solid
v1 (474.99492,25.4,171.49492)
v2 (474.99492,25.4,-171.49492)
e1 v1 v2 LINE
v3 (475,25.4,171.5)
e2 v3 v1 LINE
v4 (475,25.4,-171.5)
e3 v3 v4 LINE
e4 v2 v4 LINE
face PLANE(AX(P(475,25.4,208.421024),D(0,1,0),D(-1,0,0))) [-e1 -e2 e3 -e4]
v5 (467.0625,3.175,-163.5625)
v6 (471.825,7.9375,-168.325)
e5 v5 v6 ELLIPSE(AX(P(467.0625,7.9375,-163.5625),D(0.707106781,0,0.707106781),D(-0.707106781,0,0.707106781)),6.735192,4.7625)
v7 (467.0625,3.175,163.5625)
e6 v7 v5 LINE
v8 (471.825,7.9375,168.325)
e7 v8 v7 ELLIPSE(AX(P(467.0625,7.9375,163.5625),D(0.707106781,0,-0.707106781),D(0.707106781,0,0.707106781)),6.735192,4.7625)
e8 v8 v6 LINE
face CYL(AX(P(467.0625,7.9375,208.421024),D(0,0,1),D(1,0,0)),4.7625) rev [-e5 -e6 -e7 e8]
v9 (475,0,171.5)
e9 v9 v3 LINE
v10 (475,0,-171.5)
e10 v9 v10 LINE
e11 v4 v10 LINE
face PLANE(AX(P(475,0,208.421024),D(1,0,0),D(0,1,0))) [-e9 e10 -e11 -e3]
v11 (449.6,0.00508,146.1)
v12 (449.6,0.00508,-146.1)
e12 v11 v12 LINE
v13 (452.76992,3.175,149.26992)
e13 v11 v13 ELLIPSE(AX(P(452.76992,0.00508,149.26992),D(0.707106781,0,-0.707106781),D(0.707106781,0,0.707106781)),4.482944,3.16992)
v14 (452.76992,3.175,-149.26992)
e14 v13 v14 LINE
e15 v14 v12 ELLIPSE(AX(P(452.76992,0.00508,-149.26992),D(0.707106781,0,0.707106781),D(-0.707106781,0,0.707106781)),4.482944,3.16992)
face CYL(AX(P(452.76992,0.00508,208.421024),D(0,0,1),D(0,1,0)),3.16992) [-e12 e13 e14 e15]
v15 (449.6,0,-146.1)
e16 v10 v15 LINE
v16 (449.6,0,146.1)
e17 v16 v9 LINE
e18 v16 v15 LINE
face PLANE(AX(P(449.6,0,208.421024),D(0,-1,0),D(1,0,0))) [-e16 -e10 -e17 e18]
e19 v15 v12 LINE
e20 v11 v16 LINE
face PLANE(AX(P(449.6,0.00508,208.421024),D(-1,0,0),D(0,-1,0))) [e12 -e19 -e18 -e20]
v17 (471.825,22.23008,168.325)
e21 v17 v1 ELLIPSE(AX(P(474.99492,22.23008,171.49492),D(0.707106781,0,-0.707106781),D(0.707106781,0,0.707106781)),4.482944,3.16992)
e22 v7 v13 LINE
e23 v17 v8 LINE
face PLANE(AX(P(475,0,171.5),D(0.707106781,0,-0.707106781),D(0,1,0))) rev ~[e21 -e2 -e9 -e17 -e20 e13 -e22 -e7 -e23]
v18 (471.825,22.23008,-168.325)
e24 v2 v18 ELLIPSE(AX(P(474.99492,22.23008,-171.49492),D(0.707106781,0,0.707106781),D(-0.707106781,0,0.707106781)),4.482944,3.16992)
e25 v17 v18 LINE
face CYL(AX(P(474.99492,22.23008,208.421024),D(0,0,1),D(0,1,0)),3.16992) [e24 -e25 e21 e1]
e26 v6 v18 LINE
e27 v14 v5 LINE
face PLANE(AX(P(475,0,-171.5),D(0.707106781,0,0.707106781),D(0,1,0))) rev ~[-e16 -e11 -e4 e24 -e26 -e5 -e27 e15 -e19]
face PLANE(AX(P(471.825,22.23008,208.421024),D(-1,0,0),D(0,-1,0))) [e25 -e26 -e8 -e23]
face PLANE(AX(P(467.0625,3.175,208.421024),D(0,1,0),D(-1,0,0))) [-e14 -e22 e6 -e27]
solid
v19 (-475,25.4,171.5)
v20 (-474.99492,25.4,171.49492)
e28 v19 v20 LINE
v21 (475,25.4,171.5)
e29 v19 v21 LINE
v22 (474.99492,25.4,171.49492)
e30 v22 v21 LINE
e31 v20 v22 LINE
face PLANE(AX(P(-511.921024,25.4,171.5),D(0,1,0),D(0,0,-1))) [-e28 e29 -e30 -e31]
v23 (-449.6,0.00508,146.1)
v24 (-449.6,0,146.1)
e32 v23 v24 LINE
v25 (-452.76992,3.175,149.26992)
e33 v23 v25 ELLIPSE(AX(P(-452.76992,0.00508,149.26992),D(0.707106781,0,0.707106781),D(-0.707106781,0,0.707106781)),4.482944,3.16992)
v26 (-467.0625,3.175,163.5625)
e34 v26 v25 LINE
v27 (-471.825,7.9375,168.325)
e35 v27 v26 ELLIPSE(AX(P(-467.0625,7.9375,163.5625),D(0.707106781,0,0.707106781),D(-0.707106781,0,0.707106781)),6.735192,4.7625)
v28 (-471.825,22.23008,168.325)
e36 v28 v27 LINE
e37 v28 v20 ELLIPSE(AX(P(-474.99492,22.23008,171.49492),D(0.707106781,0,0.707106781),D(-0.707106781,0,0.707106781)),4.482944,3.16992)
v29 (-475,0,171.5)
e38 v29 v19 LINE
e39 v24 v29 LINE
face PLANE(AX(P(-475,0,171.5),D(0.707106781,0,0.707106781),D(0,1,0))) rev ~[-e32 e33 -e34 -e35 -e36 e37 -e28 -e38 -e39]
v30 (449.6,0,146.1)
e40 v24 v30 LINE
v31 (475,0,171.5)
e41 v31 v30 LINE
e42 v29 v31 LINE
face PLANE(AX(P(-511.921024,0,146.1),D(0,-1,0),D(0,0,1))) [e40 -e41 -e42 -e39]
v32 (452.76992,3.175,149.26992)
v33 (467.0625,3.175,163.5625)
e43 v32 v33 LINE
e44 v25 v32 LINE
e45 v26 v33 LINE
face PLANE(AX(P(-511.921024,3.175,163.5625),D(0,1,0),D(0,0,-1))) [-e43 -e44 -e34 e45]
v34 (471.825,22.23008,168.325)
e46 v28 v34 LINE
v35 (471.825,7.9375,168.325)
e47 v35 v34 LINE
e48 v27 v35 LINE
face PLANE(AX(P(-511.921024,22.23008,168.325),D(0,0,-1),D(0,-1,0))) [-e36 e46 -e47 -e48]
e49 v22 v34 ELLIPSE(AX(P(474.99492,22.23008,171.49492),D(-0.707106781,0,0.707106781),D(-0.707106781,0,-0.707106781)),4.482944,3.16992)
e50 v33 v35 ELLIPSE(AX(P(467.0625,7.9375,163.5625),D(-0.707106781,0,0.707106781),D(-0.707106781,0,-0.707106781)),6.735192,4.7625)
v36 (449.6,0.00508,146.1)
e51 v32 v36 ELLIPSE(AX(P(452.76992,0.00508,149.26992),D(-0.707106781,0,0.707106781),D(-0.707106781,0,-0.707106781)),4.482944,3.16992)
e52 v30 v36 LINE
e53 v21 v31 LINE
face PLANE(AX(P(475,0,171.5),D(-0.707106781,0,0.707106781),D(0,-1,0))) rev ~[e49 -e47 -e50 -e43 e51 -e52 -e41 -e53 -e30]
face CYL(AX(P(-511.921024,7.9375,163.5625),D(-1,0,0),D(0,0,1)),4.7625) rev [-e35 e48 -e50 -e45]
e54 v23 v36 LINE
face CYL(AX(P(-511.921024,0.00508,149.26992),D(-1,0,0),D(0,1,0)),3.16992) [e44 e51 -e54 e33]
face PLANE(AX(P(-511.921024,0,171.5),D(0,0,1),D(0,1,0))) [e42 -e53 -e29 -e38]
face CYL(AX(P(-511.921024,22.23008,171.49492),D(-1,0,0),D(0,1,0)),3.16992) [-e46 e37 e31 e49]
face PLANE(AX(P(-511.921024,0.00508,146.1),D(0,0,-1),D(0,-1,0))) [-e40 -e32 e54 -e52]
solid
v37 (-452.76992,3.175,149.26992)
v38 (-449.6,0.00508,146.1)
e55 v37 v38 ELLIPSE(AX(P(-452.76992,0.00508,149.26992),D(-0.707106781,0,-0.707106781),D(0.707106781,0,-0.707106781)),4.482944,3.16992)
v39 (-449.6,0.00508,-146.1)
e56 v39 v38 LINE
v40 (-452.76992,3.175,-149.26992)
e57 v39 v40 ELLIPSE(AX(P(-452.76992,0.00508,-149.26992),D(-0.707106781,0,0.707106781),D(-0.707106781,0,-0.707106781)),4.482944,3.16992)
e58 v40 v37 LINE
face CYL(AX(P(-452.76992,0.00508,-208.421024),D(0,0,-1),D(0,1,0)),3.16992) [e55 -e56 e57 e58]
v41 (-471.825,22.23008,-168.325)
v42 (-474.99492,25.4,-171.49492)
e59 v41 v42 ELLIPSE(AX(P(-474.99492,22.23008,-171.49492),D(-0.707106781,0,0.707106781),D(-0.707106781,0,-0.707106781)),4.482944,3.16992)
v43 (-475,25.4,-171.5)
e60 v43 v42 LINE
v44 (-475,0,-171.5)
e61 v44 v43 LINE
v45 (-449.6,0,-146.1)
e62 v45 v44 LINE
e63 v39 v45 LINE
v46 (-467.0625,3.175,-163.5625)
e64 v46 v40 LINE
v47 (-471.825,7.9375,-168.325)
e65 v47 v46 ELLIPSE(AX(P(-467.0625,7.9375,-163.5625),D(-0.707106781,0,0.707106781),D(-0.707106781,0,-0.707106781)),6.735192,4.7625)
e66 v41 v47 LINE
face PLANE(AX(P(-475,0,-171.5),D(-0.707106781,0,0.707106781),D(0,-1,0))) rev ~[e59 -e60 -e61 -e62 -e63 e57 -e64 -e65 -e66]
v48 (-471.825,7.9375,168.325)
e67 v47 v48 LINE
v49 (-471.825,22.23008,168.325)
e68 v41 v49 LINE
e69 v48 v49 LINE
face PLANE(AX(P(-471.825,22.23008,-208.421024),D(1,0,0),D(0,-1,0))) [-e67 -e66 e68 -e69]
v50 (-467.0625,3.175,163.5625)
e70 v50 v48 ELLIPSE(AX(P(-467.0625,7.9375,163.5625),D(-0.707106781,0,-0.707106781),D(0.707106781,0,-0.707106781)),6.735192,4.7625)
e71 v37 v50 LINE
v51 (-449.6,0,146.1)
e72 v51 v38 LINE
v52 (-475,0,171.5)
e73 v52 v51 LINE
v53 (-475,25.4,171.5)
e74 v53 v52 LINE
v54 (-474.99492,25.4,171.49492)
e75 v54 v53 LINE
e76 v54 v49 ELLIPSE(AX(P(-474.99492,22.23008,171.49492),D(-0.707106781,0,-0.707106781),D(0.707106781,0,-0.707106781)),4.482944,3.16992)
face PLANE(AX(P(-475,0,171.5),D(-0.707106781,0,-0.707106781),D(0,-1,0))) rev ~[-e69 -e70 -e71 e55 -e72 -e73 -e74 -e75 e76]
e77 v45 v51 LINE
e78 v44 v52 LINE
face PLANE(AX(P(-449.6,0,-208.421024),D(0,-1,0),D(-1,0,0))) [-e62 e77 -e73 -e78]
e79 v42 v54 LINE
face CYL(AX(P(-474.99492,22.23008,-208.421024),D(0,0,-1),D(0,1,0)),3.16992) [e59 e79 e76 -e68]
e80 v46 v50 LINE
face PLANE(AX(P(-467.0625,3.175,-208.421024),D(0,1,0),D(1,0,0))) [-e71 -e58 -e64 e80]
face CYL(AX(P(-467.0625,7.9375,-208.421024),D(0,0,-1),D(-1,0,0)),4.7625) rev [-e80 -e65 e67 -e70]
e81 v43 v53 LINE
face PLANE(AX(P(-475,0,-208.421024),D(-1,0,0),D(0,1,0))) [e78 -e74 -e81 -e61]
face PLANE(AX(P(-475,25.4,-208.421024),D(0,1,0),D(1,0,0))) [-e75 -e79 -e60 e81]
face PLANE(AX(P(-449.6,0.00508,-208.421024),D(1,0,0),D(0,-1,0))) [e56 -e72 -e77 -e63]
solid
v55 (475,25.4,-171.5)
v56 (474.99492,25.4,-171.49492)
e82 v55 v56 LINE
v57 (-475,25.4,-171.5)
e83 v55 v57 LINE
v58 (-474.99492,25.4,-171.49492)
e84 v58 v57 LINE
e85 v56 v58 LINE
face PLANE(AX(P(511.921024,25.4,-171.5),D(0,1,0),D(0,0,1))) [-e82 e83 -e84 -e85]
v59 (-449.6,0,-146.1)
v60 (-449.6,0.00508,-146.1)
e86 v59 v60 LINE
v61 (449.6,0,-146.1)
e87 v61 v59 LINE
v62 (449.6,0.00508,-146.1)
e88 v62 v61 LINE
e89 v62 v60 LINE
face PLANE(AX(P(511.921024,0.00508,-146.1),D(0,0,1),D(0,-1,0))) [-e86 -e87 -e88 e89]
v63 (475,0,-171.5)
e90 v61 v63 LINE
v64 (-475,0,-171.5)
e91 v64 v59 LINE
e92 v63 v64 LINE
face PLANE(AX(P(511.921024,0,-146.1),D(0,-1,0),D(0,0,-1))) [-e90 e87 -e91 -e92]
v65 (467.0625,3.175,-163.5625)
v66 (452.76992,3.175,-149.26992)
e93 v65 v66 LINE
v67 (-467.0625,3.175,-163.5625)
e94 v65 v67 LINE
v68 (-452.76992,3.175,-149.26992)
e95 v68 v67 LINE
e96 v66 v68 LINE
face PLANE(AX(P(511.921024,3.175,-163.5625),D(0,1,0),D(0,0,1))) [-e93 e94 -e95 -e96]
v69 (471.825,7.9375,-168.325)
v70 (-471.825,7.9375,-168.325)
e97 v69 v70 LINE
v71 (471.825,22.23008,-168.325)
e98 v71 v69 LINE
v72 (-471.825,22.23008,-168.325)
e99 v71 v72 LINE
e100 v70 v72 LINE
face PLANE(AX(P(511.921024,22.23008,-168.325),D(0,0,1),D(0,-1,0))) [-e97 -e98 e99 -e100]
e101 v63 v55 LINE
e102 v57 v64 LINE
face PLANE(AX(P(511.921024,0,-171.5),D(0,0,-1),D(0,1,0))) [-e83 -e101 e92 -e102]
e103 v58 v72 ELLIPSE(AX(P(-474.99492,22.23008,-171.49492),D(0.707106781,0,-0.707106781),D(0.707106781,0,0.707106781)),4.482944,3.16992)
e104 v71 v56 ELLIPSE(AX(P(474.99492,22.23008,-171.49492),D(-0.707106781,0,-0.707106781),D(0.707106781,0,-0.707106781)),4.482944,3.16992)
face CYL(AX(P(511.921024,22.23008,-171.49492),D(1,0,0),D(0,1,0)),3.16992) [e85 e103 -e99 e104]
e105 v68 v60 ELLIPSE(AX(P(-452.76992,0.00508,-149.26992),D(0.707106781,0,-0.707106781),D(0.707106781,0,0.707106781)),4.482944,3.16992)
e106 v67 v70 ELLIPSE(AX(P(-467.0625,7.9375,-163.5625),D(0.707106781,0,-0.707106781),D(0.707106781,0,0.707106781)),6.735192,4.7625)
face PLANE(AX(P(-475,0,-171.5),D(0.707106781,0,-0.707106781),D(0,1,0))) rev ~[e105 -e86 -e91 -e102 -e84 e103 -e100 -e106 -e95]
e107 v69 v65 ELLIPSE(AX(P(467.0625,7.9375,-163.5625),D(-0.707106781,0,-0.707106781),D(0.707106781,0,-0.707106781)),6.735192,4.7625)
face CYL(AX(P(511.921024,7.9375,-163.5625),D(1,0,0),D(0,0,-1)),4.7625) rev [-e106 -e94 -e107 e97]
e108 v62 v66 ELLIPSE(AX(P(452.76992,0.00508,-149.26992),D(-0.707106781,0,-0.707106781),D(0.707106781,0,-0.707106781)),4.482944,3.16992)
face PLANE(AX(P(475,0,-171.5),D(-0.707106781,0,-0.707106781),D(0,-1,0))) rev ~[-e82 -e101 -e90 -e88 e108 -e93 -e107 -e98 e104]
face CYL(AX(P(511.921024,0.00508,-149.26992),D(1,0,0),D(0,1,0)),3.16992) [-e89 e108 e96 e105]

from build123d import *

# Parameters (mm, degrees)
HIERRO_ANGULAR_1_X_1_X_0_125_1_DEPTH      = 379.921024484
HIERRO_ANGULAR_1_X_1_X_0_125_1_DEPTH_BACK = 36.921024484
HIERRO_ANGULAR_1_X_1_X_0_125_1_2_DEPTH    = 1023.842048969
HIERRO_ANGULAR_1_X_1_X_0_125_1_3_DEPTH    = 416.842048969
HIERRO_ANGULAR_1_X_1_X_0_125_1_4_DEPTH    = 1023.842048969


with BuildPart() as part:
    # Sketch1 → Hierro angular 1 X 1 X 0.125(1) (new, two sides: drawn at the far end of the back side and taken through both)
    with BuildSketch(Plane(origin=(-475, 0, -171.5), x_dir=(1, 0, 0), z_dir=(0, 0, 1)).offset(-HIERRO_ANGULAR_1_X_1_X_0_125_1_DEPTH_BACK)):
        with BuildLine():
            Line((0, 0), (0, 25.4))
            Line((0, 25.4), (0.00508, 25.4))
            ThreePointArc((0.00508, 25.4), (2.246551928, 24.471551928), (3.175, 22.23008))
            Line((3.175, 22.23008), (3.175, 7.9375))
            ThreePointArc((3.175, 7.9375), (4.569903955, 4.569903955), (7.9375, 3.175))
            Line((7.9375, 3.175), (22.23008, 3.175))
            ThreePointArc((22.23008, 3.175), (24.471551928, 2.246551928), (25.4, 0.00508))
            Line((25.4, 0.00508), (25.4, 0))
            Line((25.4, 0), (0, 0))
        make_face()
    extrude(amount=HIERRO_ANGULAR_1_X_1_X_0_125_1_DEPTH + HIERRO_ANGULAR_1_X_1_X_0_125_1_DEPTH_BACK)

    # Hierro angular 1 X 1 X 0.125(1) mitre 1
    split(bisect_by=Plane(origin=(-475, 0, -171.5), x_dir=(0, -1, 0), z_dir=(-0.707106781, 0, 0.707106781)), keep=Keep.TOP)

    # Hierro angular 1 X 1 X 0.125(1) mitre 2
    split(bisect_by=Plane(origin=(-475, 0, 171.5), x_dir=(0, -1, 0), z_dir=(-0.707106781, 0, -0.707106781)), keep=Keep.TOP)


with BuildPart() as body_2:
    # Sketch1 on segment 2 (carried to segment 2) → Hierro angular 1 X 1 X 0.125_1 2 (new body)
    with BuildSketch(Plane(origin=(-511.921024484, 0, 171.5), x_dir=(0, 0, -1), z_dir=(1, 0, 0))):
        with BuildLine():
            Line((0, 0), (0, 25.4))
            Line((0, 25.4), (0.00508, 25.4))
            ThreePointArc((0.00508, 25.4), (2.246551928, 24.471551928), (3.175, 22.23008))
            Line((3.175, 22.23008), (3.175, 7.9375))
            ThreePointArc((3.175, 7.9375), (4.569903955, 4.569903955), (7.9375, 3.175))
            Line((7.9375, 3.175), (22.23008, 3.175))
            ThreePointArc((22.23008, 3.175), (24.471551928, 2.246551928), (25.4, 0.00508))
            Line((25.4, 0.00508), (25.4, 0))
            Line((25.4, 0), (0, 0))
        make_face()
    extrude(amount=HIERRO_ANGULAR_1_X_1_X_0_125_1_2_DEPTH)

    # Hierro angular 1 X 1 X 0.125_1 2 mitre 1
    split(bisect_by=Plane(origin=(-475, 0, 171.5), x_dir=(0, 1, 0), z_dir=(0.707106781, 0, 0.707106781)), keep=Keep.TOP)

    # Hierro angular 1 X 1 X 0.125_1 2 mitre 2
    split(bisect_by=Plane(origin=(475, 0, 171.5), x_dir=(0, -1, 0), z_dir=(-0.707106781, 0, 0.707106781)), keep=Keep.TOP)


with BuildPart() as body_3:
    # Sketch1 on segment 3 (carried to segment 3) → Hierro angular 1 X 1 X 0.125_1 3 (new body)
    with BuildSketch(Plane(origin=(475, 0, 208.421024484), x_dir=(-1, 0, 0), z_dir=(0, 0, -1))):
        with BuildLine():
            Line((0, 0), (0, 25.4))
            Line((0, 25.4), (0.00508, 25.4))
            ThreePointArc((0.00508, 25.4), (2.246551928, 24.471551928), (3.175, 22.23008))
            Line((3.175, 22.23008), (3.175, 7.9375))
            ThreePointArc((3.175, 7.9375), (4.569903955, 4.569903955), (7.9375, 3.175))
            Line((7.9375, 3.175), (22.23008, 3.175))
            ThreePointArc((22.23008, 3.175), (24.471551928, 2.246551928), (25.4, 0.00508))
            Line((25.4, 0.00508), (25.4, 0))
            Line((25.4, 0), (0, 0))
        make_face()
    extrude(amount=HIERRO_ANGULAR_1_X_1_X_0_125_1_3_DEPTH)

    # Hierro angular 1 X 1 X 0.125_1 3 mitre 1
    split(bisect_by=Plane(origin=(475, 0, -171.5), x_dir=(0, 1, 0), z_dir=(0.707106781, 0, 0.707106781)), keep=Keep.TOP)

    # Hierro angular 1 X 1 X 0.125_1 3 mitre 2
    split(bisect_by=Plane(origin=(475, 0, 171.5), x_dir=(0, 1, 0), z_dir=(0.707106781, 0, -0.707106781)), keep=Keep.TOP)


with BuildPart() as body_4:
    # Sketch1 on segment 4 (carried to segment 4) → Hierro angular 1 X 1 X 0.125_1 4 (new body)
    with BuildSketch(Plane(origin=(511.921024484, 0, -171.5), x_dir=(0, 0, 1), z_dir=(-1, 0, 0))):
        with BuildLine():
            Line((0, 0), (0, 25.4))
            Line((0, 25.4), (0.00508, 25.4))
            ThreePointArc((0.00508, 25.4), (2.246551928, 24.471551928), (3.175, 22.23008))
            Line((3.175, 22.23008), (3.175, 7.9375))
            ThreePointArc((3.175, 7.9375), (4.569903955, 4.569903955), (7.9375, 3.175))
            Line((7.9375, 3.175), (22.23008, 3.175))
            ThreePointArc((22.23008, 3.175), (24.471551928, 2.246551928), (25.4, 0.00508))
            Line((25.4, 0.00508), (25.4, 0))
            Line((25.4, 0), (0, 0))
        make_face()
    extrude(amount=HIERRO_ANGULAR_1_X_1_X_0_125_1_4_DEPTH)

    # Hierro angular 1 X 1 X 0.125_1 4 mitre 1
    split(bisect_by=Plane(origin=(-475, 0, -171.5), x_dir=(0, 1, 0), z_dir=(0.707106781, 0, -0.707106781)), keep=Keep.TOP)

    # Hierro angular 1 X 1 X 0.125_1 4 mitre 2
    split(bisect_by=Plane(origin=(475, 0, -171.5), x_dir=(0, -1, 0), z_dir=(-0.707106781, 0, -0.707106781)), keep=Keep.TOP)


solid = Compound([part.part, body_2.part, body_3.part, body_4.part])
